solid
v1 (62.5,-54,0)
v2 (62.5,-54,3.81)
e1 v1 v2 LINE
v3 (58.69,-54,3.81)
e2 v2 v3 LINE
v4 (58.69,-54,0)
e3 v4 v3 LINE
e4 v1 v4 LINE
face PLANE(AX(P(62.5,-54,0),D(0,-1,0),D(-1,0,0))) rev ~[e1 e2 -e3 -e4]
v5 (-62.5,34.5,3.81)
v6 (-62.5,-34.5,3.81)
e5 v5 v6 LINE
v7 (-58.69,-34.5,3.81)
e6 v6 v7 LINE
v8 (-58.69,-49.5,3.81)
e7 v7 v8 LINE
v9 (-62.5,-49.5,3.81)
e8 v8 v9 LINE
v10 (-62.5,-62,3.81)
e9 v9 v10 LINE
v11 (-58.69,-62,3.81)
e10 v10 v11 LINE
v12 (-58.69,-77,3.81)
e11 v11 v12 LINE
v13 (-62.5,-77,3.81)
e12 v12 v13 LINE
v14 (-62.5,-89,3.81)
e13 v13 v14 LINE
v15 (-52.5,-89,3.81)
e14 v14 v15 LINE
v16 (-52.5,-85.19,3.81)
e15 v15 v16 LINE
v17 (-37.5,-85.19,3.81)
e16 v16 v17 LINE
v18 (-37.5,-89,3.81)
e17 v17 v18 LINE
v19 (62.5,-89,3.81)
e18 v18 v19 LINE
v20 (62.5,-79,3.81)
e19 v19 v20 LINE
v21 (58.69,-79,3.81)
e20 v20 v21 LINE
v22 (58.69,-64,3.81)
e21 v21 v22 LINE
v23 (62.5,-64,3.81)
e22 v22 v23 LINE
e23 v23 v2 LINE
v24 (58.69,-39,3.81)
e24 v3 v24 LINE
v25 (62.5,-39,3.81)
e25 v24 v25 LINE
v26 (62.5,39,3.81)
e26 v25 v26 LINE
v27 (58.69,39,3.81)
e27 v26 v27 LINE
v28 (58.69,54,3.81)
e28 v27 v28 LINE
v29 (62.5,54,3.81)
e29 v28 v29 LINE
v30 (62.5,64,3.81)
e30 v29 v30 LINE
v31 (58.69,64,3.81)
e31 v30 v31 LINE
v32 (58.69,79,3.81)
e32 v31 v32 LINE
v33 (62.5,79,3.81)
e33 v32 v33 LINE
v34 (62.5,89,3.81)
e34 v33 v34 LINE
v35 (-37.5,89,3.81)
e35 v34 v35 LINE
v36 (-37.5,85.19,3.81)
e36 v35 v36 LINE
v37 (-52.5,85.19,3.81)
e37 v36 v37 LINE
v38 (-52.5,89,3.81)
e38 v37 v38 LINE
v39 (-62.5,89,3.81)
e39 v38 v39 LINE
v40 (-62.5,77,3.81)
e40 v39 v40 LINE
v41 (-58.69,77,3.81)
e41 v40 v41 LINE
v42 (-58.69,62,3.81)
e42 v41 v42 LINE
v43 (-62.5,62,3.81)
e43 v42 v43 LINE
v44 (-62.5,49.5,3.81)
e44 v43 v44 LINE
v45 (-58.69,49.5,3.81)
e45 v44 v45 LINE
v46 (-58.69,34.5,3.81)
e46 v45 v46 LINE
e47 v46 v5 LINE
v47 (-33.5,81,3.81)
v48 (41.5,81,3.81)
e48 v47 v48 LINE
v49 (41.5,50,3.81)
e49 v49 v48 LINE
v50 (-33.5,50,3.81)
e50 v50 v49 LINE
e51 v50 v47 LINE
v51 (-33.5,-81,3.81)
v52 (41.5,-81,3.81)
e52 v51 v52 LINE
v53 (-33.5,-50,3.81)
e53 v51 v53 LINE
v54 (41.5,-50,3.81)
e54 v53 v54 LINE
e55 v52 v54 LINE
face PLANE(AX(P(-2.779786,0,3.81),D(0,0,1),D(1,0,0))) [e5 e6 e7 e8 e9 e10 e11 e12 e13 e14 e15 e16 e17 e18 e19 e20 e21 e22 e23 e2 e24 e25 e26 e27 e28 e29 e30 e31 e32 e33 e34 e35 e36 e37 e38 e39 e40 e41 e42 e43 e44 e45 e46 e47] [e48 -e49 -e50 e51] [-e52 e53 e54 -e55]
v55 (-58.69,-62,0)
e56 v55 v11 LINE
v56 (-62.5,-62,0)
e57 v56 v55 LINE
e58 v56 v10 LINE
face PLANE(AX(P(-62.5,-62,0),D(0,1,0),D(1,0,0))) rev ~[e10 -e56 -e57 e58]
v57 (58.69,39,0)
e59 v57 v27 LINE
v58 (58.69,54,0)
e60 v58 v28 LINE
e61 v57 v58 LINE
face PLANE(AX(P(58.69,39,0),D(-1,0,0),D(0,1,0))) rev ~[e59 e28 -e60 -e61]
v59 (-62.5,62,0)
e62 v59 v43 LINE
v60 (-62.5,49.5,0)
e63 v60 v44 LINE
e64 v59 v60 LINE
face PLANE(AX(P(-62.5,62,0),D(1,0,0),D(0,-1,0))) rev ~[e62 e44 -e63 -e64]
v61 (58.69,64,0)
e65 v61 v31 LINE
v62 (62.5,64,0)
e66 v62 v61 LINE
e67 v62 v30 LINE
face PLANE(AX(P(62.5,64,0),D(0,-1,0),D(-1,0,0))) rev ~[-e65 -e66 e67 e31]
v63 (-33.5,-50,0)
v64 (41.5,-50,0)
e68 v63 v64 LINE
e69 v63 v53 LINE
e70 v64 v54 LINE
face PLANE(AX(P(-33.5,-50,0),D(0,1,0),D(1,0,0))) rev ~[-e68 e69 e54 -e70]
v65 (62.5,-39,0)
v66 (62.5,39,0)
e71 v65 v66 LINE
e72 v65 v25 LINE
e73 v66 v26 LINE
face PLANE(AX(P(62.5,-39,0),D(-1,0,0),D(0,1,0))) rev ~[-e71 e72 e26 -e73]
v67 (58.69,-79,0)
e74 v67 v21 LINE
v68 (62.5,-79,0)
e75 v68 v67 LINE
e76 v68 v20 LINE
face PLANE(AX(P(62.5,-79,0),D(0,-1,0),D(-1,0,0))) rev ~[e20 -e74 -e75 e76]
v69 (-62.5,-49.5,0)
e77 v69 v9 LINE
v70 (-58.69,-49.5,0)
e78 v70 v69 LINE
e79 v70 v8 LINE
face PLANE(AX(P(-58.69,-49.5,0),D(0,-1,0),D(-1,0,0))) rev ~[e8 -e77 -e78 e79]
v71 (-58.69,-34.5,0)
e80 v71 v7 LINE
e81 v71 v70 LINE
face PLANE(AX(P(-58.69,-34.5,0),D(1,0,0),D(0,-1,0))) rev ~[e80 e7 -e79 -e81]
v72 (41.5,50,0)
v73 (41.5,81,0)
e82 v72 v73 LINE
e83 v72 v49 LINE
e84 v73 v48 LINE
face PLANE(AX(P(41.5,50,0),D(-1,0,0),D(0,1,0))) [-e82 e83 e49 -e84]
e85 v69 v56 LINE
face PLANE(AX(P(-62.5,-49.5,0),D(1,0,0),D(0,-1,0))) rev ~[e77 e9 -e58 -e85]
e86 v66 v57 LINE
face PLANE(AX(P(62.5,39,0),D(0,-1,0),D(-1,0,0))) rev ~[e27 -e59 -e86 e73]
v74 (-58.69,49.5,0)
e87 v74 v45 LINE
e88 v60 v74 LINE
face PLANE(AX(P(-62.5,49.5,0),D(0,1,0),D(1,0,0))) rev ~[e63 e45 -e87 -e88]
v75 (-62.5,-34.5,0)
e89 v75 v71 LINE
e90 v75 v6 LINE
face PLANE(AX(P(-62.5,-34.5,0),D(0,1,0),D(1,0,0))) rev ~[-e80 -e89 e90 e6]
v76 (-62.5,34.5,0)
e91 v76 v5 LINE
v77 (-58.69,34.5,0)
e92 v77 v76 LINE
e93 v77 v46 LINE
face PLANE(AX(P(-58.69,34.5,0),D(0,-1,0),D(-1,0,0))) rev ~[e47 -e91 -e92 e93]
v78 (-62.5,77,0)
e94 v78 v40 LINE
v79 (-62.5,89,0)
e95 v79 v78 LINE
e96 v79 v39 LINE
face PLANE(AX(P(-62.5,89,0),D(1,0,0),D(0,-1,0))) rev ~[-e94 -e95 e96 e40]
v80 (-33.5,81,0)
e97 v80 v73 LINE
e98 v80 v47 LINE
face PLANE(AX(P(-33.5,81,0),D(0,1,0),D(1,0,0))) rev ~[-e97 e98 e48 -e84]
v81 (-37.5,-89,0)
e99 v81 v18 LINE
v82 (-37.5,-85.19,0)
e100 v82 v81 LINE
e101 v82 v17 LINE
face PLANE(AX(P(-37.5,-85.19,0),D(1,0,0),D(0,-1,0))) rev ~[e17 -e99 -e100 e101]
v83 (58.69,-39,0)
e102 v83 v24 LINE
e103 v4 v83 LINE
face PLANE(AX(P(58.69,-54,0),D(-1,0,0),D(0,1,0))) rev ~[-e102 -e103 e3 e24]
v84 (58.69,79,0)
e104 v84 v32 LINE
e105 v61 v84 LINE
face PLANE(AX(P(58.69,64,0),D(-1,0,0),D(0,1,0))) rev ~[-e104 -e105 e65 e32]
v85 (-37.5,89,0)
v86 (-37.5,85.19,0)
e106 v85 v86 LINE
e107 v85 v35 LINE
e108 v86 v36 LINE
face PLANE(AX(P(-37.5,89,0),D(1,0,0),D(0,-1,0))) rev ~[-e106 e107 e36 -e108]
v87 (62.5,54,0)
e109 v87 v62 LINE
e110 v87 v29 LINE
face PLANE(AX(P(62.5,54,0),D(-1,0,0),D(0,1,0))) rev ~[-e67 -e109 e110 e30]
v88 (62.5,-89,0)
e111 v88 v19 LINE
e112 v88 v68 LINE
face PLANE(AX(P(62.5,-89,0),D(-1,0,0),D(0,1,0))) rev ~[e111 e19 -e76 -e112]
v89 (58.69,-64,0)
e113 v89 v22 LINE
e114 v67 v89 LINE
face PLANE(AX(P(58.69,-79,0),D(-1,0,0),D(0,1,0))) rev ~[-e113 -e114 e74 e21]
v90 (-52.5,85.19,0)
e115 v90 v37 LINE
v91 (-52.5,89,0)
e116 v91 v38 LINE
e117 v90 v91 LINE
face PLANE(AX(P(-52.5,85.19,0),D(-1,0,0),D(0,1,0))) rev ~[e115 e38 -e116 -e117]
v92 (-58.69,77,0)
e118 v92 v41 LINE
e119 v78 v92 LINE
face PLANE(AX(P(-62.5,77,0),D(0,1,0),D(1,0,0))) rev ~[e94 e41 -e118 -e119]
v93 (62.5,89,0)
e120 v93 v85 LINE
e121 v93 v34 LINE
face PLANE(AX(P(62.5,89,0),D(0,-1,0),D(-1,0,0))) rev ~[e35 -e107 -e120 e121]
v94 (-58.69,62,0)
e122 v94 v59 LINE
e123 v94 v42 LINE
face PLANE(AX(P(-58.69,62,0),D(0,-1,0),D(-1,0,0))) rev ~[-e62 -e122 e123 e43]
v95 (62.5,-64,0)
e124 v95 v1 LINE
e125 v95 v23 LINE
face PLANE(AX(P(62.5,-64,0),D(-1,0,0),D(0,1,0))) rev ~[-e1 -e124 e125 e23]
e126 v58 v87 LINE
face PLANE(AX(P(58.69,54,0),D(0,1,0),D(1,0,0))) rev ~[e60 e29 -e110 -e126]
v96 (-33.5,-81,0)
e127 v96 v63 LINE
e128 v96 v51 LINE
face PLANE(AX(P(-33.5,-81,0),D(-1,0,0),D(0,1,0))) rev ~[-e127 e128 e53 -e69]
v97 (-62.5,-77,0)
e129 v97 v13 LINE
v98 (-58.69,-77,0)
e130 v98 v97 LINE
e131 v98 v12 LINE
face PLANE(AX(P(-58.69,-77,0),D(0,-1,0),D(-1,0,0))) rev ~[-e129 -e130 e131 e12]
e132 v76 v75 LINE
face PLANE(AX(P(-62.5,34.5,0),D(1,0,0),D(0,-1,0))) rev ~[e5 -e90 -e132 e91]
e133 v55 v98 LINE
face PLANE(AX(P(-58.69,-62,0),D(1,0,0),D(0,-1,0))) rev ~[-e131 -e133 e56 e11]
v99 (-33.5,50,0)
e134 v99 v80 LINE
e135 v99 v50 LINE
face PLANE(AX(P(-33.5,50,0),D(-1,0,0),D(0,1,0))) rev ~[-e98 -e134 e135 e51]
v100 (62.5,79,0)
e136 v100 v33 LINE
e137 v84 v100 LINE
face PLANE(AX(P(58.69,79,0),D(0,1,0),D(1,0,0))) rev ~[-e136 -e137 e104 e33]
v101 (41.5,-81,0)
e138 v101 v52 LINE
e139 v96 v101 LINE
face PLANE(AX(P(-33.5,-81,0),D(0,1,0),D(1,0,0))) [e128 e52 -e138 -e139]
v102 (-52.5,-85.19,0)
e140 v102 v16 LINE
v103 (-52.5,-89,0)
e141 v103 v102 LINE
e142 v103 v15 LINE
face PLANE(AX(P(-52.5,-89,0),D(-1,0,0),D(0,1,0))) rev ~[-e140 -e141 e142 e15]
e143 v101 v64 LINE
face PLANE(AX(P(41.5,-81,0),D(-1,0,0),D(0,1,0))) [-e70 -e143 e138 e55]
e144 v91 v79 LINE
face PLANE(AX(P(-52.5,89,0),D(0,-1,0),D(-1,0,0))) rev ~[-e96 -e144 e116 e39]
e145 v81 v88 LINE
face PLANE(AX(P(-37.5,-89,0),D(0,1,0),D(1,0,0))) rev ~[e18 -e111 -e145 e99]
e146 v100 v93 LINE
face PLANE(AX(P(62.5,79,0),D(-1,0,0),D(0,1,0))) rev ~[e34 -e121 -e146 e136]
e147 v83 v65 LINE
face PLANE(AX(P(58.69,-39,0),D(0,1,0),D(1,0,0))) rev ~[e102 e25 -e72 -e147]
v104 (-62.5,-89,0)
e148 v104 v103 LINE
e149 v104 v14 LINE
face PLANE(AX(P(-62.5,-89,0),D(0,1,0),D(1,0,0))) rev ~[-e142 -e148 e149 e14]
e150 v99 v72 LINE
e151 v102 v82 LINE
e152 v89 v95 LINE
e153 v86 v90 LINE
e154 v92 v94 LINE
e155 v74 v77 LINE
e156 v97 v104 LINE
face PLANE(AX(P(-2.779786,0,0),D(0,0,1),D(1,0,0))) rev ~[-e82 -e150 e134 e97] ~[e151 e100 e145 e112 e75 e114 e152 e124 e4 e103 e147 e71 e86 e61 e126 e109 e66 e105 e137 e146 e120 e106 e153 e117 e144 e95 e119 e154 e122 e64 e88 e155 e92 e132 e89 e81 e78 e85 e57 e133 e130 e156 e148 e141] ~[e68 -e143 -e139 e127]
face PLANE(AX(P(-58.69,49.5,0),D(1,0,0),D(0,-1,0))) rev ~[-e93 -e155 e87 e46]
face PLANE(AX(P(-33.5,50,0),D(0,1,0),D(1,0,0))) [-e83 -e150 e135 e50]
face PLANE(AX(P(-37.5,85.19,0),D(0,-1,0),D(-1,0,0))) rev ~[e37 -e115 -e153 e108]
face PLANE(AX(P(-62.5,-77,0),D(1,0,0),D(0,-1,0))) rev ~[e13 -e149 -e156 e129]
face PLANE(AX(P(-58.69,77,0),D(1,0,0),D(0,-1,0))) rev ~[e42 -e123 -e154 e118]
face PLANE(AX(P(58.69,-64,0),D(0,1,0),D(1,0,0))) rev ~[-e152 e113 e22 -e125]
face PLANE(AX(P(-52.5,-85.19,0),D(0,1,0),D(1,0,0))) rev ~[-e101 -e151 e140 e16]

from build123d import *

# Parameters (mm, degrees)
F0_W     = 75
F0_H     = 31
F1_DEPTH = 3.81


with BuildPart() as f1:
    # F0 (on Top) → F1 (new body)
    with BuildSketch(Plane.XY):
        Polygon((62.5, 79), (62.5, 89), (-37.5, 89), (-37.5, 85.19), (-52.5, 85.19), (-52.5, 89), (-62.5, 89), (-62.5, 77), (-58.69, 77), (-58.69, 62), (-62.5, 62), (-62.5, 49.5), (-58.69, 49.5), (-58.69, 34.5), (-62.5, 34.5), (-62.5, 22.5), (-38.5, 22.5), (-38.5, 0), (-38.5, -22.5), (-62.5, -22.5), (-62.5, -34.5), (-58.69, -34.5), (-58.69, -49.5), (-62.5, -49.5), (-62.5, -62), (-58.69, -62), (-58.69, -77), (-62.5, -77), (-62.5, -89), (-52.5, -89), (-52.5, -85.19), (-37.5, -85.19), (-37.5, -89), (62.5, -89), (62.5, -79), (58.69, -79), (58.69, -64), (62.5, -64), (62.5, -54), (58.69, -54), (58.69, -39), (62.5, -39), (62.5, 39), (58.69, 39), (58.69, 54), (62.5, 54), (62.5, 64), (58.69, 64), (58.69, 79), align=None)
        with Locations((4, -65.5)):
            Rectangle(F0_W, F0_H, mode=Mode.SUBTRACT)
        with Locations((4, 65.5)):
            Rectangle(F0_W, F0_H, mode=Mode.SUBTRACT)
        Polygon((-38.5, 22.5), (-62.5, 22.5), (-62.5, -22.5), (-38.5, -22.5), (-38.5, 0), align=None)
    extrude(amount=F1_DEPTH)


solid = f1.part
